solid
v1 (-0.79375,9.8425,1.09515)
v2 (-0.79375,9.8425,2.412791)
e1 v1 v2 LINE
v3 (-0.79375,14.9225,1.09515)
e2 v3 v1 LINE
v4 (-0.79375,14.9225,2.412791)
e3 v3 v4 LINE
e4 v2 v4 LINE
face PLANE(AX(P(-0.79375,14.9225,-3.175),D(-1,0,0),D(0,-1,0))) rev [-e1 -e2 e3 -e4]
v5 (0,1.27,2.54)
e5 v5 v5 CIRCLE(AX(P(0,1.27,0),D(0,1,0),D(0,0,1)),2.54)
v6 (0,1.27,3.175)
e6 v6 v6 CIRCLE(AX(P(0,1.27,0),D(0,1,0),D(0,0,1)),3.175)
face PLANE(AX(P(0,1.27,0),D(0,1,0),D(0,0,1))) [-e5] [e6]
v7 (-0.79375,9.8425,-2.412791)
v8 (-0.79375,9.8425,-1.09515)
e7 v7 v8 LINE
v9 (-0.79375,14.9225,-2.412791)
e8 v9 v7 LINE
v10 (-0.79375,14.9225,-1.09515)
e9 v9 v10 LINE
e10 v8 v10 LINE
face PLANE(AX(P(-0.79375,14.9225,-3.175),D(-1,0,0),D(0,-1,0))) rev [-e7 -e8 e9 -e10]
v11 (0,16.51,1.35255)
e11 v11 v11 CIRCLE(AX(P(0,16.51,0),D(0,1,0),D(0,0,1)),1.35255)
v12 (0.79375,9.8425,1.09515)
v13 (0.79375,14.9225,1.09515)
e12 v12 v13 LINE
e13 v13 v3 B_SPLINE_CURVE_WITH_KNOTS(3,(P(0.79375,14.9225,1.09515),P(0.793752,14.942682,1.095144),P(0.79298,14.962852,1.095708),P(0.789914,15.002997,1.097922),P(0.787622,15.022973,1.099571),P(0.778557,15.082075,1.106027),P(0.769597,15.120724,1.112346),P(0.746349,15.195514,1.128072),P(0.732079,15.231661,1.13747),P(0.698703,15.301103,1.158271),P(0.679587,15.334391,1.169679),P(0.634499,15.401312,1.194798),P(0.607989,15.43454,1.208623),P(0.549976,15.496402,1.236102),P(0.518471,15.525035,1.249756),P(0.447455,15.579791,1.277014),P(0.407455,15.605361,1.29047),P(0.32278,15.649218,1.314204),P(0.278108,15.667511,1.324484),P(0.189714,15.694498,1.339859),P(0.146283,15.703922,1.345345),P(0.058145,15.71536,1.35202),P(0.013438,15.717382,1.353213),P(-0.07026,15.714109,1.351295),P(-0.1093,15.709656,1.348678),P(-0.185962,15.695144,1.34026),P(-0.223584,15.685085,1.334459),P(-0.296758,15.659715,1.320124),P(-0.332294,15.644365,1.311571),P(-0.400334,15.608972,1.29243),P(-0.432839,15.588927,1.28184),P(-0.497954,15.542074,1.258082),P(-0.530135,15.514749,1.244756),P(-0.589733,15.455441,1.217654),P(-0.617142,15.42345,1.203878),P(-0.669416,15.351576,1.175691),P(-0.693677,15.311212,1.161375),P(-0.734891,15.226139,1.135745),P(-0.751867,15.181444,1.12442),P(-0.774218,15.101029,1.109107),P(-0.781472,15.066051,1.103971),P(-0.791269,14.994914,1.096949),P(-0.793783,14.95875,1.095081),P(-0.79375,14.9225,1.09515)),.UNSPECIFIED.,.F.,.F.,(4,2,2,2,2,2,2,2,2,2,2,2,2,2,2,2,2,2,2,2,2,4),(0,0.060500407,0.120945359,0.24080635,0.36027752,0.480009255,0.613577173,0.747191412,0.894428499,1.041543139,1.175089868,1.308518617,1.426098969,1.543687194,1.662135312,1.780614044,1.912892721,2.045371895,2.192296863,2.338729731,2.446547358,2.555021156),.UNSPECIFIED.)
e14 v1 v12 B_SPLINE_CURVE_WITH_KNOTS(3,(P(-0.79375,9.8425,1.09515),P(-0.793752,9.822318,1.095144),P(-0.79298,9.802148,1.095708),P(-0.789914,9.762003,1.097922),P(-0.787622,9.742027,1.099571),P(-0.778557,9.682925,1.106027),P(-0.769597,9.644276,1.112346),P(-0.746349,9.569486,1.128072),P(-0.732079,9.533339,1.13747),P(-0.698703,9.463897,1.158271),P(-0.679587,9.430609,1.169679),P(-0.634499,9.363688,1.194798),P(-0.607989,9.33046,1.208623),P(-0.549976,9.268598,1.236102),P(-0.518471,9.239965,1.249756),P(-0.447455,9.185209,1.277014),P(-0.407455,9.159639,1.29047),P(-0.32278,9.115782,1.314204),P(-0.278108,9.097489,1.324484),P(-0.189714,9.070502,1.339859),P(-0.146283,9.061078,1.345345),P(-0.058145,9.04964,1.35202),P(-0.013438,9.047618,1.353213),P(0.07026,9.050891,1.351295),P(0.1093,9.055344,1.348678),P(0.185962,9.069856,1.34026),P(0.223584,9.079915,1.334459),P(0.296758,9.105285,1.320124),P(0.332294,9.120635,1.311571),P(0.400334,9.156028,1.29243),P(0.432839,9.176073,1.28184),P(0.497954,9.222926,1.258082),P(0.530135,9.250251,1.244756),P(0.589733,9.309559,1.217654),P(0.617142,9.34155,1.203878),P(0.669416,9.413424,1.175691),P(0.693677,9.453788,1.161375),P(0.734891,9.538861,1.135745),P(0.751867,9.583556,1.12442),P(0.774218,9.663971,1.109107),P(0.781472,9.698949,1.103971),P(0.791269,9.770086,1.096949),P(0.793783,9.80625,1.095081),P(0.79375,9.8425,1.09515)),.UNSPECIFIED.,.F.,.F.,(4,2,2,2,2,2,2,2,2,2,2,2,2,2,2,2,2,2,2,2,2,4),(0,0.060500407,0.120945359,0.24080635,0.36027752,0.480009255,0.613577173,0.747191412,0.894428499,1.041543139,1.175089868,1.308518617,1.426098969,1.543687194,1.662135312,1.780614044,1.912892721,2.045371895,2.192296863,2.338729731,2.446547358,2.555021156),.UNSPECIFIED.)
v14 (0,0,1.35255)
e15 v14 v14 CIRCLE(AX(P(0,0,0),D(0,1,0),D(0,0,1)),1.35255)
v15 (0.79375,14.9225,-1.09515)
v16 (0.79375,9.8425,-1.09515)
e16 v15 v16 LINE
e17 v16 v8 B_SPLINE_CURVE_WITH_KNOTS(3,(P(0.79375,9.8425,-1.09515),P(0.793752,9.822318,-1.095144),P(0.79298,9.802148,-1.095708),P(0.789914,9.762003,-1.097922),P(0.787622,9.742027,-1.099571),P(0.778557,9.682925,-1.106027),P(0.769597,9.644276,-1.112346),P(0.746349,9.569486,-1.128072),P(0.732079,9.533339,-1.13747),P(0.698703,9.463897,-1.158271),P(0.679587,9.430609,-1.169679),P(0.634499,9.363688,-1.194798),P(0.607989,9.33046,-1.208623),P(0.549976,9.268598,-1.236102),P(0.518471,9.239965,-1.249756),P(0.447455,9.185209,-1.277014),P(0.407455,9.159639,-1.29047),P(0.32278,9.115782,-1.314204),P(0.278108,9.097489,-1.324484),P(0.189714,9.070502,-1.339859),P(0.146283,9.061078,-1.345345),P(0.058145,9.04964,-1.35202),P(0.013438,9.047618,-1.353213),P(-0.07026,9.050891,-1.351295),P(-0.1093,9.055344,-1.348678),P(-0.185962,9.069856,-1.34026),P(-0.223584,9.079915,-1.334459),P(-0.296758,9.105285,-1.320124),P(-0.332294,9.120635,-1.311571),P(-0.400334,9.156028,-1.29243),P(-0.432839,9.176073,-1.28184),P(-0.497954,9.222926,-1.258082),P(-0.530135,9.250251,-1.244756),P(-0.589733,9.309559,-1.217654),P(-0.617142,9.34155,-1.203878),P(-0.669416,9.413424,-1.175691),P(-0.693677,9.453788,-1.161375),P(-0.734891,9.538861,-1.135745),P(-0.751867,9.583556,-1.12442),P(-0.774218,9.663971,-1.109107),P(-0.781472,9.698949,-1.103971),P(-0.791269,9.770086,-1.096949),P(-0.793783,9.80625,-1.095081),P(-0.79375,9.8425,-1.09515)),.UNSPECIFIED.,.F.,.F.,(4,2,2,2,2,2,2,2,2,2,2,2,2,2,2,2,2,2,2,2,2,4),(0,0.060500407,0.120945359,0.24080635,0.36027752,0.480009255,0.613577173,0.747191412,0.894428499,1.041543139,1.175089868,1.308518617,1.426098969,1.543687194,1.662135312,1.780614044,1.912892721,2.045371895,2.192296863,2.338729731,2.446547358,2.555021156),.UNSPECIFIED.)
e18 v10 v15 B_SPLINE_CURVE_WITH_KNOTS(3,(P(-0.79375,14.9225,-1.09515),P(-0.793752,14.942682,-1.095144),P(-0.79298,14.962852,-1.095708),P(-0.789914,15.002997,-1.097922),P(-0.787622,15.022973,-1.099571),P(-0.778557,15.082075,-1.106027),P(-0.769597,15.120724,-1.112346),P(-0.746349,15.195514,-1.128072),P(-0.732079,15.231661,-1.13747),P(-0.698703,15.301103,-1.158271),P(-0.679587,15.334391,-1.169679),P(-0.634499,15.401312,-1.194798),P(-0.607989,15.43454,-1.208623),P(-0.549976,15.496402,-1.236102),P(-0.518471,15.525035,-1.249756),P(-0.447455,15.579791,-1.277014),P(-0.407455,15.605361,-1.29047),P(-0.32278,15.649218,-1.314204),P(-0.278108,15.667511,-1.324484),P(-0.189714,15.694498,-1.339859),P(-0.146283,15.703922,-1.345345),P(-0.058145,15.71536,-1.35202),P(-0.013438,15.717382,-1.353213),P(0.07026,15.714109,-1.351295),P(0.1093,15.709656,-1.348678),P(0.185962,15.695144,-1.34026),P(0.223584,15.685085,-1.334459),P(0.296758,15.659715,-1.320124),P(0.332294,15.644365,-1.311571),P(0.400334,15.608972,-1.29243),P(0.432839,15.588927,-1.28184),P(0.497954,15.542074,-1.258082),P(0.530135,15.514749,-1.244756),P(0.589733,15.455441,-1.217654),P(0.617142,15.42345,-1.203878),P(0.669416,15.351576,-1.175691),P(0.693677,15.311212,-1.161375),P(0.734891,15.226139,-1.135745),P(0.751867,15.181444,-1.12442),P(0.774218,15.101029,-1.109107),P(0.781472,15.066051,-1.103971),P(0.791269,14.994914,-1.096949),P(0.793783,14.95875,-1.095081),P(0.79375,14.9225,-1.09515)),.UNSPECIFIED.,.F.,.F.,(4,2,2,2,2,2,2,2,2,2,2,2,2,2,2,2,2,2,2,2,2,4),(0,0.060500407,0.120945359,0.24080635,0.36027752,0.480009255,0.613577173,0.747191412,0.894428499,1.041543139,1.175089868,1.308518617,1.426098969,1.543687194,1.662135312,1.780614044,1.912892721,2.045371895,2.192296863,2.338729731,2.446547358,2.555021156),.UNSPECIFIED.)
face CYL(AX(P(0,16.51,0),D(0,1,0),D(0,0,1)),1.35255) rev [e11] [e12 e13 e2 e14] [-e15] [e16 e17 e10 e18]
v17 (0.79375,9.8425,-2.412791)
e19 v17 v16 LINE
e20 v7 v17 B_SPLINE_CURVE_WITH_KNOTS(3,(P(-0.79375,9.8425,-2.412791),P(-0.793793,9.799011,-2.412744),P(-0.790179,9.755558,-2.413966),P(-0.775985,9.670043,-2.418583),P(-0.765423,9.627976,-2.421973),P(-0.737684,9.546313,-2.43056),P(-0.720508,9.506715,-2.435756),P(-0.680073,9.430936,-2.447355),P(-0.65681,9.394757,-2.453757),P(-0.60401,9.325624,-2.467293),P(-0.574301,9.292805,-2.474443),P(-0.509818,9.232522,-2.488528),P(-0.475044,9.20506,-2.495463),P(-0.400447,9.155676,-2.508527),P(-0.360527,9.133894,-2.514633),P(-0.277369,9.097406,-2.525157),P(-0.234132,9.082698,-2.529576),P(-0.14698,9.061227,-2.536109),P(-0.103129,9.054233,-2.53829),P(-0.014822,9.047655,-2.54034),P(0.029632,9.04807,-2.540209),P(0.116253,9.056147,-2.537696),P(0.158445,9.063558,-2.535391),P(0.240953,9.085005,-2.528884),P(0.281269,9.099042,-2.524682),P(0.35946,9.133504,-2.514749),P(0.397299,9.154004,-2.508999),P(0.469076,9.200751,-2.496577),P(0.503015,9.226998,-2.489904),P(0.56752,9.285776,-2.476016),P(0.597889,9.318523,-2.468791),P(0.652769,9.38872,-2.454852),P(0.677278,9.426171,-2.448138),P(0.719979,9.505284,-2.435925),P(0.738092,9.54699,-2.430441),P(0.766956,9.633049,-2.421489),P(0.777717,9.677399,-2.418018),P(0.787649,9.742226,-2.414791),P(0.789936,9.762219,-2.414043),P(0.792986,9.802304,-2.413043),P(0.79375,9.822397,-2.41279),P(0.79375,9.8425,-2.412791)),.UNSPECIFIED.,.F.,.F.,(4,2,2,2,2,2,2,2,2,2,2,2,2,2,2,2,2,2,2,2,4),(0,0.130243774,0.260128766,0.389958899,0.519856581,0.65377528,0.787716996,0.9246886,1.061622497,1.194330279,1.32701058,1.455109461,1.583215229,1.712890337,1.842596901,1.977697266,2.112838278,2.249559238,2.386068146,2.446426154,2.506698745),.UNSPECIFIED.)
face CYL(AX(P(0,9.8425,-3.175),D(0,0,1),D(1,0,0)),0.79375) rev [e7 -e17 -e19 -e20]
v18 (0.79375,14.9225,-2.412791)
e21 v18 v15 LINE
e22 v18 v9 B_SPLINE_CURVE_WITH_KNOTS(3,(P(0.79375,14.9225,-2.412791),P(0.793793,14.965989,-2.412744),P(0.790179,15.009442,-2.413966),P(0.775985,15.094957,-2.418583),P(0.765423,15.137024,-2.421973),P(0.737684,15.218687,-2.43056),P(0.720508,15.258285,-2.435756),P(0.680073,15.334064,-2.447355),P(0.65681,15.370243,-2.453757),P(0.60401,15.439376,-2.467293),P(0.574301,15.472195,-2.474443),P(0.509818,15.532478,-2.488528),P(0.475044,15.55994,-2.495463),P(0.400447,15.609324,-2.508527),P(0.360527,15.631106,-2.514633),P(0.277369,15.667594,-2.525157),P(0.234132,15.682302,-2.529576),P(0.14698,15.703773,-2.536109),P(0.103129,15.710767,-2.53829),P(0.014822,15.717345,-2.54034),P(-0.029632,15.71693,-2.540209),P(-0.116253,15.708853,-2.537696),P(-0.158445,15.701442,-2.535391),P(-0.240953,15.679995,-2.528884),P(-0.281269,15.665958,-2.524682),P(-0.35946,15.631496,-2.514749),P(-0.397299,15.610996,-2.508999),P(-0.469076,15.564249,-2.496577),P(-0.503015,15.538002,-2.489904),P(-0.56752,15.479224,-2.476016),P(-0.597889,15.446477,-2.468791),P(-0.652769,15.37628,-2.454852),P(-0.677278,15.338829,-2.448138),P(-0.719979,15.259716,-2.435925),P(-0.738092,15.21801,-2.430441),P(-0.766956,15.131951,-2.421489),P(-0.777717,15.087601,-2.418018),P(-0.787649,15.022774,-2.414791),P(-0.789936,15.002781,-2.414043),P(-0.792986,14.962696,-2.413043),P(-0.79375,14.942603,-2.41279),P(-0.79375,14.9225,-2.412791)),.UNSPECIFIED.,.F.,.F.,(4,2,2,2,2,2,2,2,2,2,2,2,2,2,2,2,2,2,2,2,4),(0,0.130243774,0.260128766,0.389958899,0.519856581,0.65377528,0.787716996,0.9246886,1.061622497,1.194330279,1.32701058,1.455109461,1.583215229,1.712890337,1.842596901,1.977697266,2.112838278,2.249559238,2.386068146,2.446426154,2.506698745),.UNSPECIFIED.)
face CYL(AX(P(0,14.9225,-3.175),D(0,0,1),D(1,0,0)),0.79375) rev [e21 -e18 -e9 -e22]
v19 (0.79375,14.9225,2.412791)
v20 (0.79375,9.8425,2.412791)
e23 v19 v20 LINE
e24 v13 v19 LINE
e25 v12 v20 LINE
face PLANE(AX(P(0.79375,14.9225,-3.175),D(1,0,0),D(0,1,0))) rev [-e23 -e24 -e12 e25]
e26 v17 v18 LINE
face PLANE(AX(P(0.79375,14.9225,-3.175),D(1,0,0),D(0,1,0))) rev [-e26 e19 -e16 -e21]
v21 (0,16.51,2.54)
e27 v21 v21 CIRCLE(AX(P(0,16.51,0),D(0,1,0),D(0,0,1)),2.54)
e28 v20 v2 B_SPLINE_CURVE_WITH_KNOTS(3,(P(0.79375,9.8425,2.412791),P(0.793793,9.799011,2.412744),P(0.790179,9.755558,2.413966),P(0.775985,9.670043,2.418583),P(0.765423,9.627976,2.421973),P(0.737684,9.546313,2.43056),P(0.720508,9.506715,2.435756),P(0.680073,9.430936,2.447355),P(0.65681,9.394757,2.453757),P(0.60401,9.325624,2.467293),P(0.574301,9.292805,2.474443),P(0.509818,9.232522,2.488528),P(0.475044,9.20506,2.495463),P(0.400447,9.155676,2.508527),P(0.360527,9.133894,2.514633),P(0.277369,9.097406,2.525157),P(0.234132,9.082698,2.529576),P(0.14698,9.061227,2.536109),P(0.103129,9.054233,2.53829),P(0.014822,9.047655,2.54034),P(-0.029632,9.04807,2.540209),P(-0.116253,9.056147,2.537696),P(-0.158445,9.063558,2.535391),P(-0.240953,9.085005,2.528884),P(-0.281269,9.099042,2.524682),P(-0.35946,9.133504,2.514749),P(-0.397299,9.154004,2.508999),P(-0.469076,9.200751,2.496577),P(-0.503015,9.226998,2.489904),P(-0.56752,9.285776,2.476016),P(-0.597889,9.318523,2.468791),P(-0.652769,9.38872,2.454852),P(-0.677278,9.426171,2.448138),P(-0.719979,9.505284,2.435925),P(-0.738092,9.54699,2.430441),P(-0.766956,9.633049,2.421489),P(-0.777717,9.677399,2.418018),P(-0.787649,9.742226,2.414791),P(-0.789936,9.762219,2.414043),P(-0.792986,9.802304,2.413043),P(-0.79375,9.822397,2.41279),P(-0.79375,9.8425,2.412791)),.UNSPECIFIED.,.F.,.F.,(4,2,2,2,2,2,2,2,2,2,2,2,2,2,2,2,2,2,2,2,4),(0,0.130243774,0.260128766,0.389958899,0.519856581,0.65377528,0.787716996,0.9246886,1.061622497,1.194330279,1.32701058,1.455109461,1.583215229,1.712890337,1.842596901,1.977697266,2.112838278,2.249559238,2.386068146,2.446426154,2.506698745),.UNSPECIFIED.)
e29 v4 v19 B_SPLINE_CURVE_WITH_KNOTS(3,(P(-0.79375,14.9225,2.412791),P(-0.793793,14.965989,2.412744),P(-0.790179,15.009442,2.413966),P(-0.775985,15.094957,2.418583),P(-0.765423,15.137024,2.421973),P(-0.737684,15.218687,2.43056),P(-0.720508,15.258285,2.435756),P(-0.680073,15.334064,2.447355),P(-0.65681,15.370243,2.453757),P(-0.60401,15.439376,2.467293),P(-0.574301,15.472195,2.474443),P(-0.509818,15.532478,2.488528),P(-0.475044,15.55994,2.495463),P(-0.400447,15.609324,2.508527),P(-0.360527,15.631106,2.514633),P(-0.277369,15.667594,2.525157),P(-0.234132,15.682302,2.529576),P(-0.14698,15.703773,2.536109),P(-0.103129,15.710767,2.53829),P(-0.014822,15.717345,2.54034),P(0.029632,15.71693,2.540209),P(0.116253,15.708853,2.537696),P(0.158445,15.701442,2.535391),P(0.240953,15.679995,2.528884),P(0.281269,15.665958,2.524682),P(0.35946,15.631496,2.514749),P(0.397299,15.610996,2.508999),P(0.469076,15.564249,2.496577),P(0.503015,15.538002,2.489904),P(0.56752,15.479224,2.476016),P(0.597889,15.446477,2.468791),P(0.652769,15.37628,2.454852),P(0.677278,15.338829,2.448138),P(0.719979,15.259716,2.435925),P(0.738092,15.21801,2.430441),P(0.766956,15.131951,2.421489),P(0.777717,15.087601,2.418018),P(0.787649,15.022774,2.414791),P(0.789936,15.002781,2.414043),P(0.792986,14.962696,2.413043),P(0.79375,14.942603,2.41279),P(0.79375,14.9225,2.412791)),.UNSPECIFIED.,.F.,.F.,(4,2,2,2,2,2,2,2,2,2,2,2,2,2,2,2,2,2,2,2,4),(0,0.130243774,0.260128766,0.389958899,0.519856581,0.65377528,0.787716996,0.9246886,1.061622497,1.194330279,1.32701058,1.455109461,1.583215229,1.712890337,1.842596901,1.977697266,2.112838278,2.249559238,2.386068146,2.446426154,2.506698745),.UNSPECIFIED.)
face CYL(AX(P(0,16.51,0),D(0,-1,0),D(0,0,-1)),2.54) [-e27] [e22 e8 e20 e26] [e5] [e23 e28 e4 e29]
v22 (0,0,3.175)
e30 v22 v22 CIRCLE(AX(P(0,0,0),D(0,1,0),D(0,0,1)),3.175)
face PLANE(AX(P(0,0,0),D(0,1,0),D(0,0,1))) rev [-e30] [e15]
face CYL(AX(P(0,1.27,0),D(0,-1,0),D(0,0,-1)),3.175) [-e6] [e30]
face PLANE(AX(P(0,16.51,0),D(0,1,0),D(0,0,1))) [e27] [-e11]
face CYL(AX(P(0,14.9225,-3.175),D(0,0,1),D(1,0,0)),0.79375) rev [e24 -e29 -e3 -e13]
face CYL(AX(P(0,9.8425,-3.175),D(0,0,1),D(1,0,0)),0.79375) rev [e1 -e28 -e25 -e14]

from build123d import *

# Parameters (mm, degrees)
SKETCH1_R                 = 3.175
BOSS_EXTRUDE1_DEPTH       = 1.27
SKETCH2_R                 = 2.54
BOSS_EXTRUDE2_DEPTH       = 15.24
TAP_DRILL_FOR_6_32_TAP1_D = 2.7051
CUT_EXTRUDE1_DEPTH        = 18.109685853
CUT_EXTRUDE1_DEPTH_BACK   = 18.109685853


with BuildPart() as part:
    # Sketch1 → Boss-Extrude1 (new body)
    with BuildSketch(Plane(origin=(0, 0, 0), x_dir=(1, 0, 0), z_dir=(0, 1, 0))):
        with Locations(Location((0, 0, 0), (0, 0, 270))):
            Circle(SKETCH1_R)
    extrude(amount=BOSS_EXTRUDE1_DEPTH)

    # Sketch2 → Boss-Extrude2 (add)
    with BuildSketch(Plane(origin=(0, 1.27, 0), x_dir=(1, 0, 0), z_dir=(0, 1, 0))):
        with Locations(Location((0, 0, 0), (0, 0, 90))):
            Circle(SKETCH2_R)
    extrude(amount=BOSS_EXTRUDE2_DEPTH)

    # Tap Drill for #6-32 Tap1 (through all)
    with Locations(Plane(origin=(0, 16.51, 0), x_dir=(1, 0, 0), z_dir=(0, 1, 0))):
        with Locations((0, 0)):
            Hole(TAP_DRILL_FOR_6_32_TAP1_D / 2)

    # Sketch6 → Cut-Extrude1 (cut, two sides: drawn at the far end of the back side and taken through both)
    with BuildSketch(Plane.XY.offset(-CUT_EXTRUDE1_DEPTH_BACK)):
        with BuildLine():
            Line((0.79375, 14.9225), (0.79375, 9.8425))
            ThreePointArc((0.79375, 9.8425), (0, 9.04875), (-0.79375, 9.8425))
            Line((-0.79375, 9.8425), (-0.79375, 14.9225))
            ThreePointArc((-0.79375, 14.9225), (0, 15.71625), (0.79375, 14.9225))
        make_face()
    extrude(amount=CUT_EXTRUDE1_DEPTH + CUT_EXTRUDE1_DEPTH_BACK, mode=Mode.SUBTRACT)


solid = part.part
